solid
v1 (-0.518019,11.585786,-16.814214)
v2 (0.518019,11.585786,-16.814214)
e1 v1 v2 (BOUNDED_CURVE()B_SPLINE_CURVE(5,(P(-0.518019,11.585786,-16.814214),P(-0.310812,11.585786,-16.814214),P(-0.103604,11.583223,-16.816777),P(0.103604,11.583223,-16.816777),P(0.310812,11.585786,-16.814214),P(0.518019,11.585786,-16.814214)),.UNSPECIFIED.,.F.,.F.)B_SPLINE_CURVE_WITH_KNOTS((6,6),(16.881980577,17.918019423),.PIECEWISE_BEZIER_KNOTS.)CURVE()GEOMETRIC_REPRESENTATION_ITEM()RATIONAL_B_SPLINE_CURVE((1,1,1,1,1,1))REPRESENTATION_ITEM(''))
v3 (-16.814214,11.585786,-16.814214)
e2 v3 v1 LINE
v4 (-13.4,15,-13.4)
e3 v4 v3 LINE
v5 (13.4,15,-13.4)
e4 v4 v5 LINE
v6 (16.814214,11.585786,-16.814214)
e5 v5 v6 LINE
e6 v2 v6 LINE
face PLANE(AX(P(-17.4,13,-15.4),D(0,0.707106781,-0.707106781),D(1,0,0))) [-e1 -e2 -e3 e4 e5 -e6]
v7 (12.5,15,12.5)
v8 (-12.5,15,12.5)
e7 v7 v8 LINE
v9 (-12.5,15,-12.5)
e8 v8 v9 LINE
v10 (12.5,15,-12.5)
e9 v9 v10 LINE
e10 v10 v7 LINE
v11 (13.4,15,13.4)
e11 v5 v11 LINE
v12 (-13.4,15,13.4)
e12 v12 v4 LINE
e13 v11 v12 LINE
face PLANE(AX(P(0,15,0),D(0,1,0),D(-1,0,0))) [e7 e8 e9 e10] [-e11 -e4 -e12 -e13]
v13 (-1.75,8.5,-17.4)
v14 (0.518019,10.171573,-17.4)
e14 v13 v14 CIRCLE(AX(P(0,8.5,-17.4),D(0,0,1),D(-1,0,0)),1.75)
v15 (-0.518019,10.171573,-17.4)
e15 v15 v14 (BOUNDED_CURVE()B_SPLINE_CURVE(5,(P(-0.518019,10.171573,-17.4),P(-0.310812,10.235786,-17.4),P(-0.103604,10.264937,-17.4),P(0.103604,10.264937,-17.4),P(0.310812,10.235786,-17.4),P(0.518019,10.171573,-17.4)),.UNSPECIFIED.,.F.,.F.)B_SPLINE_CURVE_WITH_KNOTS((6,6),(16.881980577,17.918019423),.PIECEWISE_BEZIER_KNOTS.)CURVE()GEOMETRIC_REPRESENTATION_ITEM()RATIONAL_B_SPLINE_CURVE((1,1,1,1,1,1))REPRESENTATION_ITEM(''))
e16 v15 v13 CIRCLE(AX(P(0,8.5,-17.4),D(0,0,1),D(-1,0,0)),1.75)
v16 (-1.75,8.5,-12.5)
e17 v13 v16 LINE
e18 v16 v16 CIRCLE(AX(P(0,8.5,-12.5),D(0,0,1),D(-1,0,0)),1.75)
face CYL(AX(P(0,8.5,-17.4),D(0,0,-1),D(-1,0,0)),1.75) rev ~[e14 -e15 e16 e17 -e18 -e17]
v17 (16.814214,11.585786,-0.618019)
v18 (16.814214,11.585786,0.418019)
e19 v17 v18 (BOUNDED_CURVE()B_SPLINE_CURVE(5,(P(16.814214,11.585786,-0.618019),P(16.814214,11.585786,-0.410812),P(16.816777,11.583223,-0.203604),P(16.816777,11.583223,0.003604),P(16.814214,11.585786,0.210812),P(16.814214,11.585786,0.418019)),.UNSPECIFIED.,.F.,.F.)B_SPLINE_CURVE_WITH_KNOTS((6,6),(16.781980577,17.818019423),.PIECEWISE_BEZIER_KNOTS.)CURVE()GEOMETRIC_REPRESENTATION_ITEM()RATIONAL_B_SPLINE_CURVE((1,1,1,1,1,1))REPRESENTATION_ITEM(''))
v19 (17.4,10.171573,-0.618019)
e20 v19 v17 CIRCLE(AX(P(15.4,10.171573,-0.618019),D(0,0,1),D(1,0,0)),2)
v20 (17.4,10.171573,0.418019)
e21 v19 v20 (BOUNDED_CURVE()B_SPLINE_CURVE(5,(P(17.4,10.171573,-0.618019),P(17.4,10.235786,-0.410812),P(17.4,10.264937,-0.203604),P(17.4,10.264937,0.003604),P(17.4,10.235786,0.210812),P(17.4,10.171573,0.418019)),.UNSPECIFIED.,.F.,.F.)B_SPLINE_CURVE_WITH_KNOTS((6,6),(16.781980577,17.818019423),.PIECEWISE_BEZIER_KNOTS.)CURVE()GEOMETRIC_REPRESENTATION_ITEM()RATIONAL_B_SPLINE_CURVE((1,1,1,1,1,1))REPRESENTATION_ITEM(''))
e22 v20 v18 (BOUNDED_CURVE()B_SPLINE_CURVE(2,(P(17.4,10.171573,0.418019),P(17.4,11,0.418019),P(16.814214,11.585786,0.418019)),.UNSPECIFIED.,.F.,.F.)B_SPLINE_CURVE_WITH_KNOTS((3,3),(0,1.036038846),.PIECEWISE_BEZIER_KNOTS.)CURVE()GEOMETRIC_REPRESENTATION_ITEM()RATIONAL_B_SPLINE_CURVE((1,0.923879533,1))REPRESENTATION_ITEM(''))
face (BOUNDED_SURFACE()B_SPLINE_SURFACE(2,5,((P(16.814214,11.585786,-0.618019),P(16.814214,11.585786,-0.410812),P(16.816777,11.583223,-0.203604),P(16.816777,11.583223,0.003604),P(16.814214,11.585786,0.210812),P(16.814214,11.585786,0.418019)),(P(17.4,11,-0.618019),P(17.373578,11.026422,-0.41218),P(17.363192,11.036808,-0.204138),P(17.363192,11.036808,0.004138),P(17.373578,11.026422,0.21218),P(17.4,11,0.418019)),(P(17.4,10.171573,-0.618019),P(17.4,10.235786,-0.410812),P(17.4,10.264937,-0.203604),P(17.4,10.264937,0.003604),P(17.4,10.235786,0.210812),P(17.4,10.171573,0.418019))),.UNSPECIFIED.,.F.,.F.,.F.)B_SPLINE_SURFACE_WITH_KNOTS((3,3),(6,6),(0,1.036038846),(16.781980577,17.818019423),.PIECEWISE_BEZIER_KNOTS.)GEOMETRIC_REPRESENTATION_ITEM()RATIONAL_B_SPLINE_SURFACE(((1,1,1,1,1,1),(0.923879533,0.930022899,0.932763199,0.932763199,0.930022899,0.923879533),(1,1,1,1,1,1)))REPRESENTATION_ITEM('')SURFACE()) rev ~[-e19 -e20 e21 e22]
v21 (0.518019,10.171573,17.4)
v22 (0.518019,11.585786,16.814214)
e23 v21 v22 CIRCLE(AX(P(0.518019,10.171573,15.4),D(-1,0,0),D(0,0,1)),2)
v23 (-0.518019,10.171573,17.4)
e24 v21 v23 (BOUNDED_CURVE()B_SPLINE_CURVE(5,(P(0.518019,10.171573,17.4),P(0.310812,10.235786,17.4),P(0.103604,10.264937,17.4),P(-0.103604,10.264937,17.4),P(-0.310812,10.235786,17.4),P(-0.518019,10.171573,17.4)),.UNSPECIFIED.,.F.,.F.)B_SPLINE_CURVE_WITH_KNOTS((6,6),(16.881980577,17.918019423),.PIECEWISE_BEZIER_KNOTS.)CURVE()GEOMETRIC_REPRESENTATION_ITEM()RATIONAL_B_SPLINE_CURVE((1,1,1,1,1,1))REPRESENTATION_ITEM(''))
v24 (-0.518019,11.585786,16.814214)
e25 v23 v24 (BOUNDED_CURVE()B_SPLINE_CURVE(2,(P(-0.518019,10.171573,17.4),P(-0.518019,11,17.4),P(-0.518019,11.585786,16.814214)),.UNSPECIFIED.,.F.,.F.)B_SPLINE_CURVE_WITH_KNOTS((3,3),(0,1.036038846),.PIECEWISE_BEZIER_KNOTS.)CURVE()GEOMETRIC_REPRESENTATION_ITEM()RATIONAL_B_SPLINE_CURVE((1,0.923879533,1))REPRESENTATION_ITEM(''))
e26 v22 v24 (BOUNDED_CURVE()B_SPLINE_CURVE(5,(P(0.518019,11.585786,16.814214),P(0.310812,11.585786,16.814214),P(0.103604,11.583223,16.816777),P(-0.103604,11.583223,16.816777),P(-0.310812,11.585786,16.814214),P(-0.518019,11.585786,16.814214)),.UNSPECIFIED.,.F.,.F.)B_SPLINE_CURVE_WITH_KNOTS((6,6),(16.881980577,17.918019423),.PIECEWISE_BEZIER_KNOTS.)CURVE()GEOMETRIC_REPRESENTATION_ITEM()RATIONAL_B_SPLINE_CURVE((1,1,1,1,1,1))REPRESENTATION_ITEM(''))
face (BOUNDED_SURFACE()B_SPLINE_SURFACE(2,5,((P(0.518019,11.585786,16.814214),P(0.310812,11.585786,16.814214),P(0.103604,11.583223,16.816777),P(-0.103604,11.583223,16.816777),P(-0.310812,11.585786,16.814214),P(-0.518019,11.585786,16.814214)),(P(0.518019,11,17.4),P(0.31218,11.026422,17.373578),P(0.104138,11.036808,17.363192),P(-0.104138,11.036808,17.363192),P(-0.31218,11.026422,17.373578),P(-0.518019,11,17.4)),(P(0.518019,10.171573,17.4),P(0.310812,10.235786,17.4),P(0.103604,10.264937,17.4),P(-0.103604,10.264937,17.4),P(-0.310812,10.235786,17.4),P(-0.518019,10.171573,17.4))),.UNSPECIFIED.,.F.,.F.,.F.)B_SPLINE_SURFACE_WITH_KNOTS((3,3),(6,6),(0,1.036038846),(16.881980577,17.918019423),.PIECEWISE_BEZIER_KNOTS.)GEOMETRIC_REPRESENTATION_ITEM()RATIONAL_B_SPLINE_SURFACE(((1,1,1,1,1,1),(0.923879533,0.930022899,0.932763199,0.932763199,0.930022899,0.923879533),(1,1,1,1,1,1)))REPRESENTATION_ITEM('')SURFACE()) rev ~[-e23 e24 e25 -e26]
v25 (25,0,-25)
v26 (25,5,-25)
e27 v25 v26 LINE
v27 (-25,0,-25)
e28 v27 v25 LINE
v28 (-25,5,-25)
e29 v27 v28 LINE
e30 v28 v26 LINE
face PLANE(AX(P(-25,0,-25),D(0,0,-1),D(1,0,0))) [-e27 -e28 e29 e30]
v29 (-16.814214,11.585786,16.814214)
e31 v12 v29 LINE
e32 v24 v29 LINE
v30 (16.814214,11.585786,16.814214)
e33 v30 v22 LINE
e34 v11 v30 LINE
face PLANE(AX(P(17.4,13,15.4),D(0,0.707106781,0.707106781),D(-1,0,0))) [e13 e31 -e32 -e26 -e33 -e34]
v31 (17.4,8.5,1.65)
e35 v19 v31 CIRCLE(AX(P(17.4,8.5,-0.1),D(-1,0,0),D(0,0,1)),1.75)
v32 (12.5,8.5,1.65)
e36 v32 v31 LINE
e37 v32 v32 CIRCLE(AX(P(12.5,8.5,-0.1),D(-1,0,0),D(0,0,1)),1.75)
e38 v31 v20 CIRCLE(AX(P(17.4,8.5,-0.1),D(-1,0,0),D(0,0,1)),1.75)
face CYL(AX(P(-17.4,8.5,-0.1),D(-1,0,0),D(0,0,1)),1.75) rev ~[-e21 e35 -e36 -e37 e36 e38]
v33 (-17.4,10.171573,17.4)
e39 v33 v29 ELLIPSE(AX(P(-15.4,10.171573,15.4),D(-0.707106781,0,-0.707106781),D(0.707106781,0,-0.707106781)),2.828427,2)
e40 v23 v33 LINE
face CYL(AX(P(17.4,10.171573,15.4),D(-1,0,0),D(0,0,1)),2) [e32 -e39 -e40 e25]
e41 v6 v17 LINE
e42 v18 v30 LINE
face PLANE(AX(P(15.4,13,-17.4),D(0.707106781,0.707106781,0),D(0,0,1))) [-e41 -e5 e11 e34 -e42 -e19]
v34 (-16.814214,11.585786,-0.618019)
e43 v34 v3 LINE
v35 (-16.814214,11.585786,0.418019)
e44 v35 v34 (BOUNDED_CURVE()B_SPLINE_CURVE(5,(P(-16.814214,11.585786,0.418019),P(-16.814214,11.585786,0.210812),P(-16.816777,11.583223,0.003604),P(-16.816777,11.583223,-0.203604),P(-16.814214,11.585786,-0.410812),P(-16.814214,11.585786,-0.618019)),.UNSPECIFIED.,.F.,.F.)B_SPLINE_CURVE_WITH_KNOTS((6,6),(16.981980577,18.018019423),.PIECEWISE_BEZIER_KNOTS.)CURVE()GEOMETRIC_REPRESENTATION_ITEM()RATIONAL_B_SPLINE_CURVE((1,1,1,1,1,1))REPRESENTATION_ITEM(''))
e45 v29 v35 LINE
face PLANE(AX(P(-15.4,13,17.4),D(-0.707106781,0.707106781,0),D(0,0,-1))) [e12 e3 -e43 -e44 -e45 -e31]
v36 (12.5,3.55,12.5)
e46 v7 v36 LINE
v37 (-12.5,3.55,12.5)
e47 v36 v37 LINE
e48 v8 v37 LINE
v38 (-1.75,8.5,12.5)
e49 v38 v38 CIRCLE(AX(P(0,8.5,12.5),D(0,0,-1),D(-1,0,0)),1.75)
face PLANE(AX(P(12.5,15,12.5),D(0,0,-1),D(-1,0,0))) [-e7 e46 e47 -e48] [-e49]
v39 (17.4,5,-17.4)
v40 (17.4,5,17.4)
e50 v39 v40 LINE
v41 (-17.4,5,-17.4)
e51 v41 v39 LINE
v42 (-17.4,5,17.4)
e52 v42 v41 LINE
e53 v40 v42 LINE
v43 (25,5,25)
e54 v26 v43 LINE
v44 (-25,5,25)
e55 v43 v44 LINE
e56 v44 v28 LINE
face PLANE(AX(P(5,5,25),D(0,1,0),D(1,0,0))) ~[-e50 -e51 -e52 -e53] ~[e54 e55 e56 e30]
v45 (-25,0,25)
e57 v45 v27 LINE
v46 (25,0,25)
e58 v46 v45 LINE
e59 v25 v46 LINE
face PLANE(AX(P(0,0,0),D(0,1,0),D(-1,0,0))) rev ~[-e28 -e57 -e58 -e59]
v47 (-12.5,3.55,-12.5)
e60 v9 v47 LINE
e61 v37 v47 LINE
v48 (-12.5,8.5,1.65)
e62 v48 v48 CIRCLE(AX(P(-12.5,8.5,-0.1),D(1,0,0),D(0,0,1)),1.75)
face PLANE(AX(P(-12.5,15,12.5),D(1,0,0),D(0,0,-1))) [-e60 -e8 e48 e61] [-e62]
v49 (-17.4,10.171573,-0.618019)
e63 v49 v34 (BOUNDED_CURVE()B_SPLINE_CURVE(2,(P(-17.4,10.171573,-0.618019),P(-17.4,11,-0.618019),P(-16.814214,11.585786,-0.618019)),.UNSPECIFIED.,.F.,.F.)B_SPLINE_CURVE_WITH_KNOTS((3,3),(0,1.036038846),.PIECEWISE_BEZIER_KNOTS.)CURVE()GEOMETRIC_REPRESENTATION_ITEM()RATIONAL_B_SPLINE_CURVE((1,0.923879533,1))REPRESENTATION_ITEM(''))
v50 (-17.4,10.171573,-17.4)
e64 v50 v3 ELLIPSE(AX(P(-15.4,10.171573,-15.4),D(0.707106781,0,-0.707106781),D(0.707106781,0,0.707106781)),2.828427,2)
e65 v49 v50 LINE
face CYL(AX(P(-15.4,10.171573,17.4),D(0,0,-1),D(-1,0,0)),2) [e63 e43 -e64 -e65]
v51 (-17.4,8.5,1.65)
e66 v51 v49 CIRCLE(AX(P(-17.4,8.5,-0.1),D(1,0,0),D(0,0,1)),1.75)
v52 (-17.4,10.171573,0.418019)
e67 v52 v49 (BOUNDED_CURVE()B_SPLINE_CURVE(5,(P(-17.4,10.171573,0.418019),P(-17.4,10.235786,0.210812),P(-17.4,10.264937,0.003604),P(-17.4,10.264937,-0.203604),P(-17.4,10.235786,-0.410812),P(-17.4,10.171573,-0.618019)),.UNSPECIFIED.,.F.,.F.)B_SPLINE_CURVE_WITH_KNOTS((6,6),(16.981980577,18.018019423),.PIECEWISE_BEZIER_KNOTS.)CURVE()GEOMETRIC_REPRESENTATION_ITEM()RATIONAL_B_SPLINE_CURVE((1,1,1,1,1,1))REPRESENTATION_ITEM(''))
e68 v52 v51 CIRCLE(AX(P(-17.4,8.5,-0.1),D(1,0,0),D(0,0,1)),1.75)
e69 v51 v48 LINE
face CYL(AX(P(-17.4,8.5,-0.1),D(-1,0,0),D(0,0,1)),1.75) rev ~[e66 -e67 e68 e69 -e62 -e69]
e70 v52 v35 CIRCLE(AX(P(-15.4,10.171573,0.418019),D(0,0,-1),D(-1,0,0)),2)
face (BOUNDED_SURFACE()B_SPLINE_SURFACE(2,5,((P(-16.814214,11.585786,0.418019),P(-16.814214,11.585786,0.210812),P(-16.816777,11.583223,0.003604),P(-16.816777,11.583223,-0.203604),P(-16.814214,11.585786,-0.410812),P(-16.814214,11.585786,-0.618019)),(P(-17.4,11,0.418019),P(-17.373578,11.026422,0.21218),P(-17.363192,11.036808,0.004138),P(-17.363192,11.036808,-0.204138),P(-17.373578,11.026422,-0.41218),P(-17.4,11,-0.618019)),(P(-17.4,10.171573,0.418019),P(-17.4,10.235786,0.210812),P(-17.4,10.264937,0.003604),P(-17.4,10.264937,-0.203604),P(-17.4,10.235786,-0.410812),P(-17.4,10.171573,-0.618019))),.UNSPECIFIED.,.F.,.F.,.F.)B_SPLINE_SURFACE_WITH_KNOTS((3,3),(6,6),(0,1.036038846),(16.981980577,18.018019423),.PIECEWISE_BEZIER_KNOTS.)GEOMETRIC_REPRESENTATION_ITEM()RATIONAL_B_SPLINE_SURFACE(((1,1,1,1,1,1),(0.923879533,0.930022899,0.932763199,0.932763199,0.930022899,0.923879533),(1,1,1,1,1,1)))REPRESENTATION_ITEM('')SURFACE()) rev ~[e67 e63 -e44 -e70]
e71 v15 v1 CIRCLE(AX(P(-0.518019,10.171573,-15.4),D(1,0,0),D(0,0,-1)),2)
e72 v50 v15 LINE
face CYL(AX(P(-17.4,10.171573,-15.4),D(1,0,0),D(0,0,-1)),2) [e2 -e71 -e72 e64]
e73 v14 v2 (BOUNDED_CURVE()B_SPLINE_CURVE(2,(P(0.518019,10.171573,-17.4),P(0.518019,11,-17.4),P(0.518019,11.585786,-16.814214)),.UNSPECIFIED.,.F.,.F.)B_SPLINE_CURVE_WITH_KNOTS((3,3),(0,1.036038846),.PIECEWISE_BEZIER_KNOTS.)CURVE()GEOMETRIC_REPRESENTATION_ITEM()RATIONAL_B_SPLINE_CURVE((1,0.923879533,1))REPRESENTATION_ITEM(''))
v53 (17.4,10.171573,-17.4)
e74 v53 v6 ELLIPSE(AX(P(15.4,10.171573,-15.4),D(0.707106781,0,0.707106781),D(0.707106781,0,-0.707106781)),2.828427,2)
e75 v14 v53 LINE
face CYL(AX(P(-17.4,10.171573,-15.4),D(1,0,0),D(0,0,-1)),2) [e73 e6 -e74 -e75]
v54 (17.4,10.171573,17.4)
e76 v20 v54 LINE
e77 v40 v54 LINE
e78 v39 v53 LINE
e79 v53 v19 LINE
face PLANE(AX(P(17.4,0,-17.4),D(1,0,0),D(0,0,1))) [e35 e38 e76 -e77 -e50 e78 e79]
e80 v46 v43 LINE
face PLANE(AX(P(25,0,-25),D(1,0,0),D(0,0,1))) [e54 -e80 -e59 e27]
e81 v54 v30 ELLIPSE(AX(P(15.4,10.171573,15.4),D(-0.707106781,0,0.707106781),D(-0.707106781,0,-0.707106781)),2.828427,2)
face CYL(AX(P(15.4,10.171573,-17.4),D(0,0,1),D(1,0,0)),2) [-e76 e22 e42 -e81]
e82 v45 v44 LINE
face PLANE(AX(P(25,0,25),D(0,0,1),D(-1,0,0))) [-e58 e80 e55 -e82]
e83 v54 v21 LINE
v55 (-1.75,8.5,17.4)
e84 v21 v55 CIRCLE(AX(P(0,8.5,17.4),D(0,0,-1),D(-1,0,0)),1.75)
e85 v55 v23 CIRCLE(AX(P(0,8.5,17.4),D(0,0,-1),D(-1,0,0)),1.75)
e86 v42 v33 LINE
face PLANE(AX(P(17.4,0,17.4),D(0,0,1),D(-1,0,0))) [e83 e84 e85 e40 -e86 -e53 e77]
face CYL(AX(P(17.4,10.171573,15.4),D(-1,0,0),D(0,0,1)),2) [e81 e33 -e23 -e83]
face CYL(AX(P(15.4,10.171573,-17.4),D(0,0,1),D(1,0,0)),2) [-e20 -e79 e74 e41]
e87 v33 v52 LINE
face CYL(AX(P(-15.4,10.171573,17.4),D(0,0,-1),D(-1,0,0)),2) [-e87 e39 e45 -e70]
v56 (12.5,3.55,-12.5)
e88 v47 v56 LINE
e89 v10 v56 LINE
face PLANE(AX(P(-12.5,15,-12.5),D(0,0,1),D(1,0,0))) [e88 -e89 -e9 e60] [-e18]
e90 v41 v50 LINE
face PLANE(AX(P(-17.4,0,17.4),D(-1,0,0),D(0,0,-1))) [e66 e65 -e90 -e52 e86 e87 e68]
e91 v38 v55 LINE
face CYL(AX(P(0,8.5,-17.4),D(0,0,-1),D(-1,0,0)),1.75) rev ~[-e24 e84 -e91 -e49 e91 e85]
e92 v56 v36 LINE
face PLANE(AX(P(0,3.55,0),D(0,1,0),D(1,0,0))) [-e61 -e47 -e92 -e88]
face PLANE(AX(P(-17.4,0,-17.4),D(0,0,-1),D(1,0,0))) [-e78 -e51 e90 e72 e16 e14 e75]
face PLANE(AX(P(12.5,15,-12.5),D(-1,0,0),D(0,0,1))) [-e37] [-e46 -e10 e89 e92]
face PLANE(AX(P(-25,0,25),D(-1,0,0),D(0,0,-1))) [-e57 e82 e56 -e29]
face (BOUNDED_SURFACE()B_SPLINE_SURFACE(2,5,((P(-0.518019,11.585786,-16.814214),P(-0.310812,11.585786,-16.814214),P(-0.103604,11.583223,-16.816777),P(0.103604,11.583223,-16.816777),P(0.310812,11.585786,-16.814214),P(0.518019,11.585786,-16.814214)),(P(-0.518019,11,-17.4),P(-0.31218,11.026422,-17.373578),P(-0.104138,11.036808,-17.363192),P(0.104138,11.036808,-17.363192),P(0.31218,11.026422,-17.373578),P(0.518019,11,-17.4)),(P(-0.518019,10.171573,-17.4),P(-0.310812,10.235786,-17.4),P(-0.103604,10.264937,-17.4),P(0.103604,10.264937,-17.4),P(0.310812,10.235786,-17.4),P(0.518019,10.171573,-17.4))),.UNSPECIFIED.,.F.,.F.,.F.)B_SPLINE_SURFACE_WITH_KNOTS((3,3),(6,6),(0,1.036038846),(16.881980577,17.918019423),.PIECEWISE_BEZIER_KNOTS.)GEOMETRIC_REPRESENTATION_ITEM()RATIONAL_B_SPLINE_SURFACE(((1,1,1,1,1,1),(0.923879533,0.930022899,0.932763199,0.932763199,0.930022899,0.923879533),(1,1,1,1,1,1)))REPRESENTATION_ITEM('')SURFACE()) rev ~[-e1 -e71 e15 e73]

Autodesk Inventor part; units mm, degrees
ref_plane "YZ Plane" through (0, 0, 0) normal (1, 0, 0) x (0, 1, 0)
ref_plane "XZ Plane" through (0, 0, 0) normal (0, 1, 0) x (-1, 0, 0)
ref_plane "XY Plane" through (0, 0, 0) normal (0, 0, 1) x (1, 0, 0)
sketch "Sketch1" plane through (0, 0, 0) normal (0, 1, 0) x (-1, 0, 0)
  line L0 (-25, 25) -> (25, 25)
  line L1 (25, 25) -> (25, -25)
  line L2 (25, -25) -> (-25, -25)
  line L3 (-25, -25) -> (-25, 25)
  line L4 (-25, 25) -> (25, -25) construction
  line L5 (25, 25) -> (-25, -25) construction
  line L6 (-17.4, 17.4) -> (17.4, 17.4)
  line L7 (17.4, 17.4) -> (17.4, -17.4)
  line L8 (17.4, -17.4) -> (-17.4, -17.4)
  line L9 (-17.4, -17.4) -> (-17.4, 17.4)
  line L10 (-17.4, 17.4) -> (17.4, -17.4) construction
  line L11 (17.4, 17.4) -> (-17.4, -17.4) construction
  point P0 (0, 0)
  dimension "d0" = 50
  dimension "d1" = 50
  dimension "d2" = 34.8
  dimension "d3" = 34.8
extrude "Extrusion1" add sketch "Sketch1" along normal blind 5
extrude "Extrusion2" add sketch "Sketch1" along normal blind 15 contours L6 L7 L8 L9
sketch "Sketch3" plane through (0, 15, 0) normal (0, 1, 0) x (1, 0, 0)
  point P0 (0, 0)
ref_plane "Work Plane6" through (0, 5, 17.4) normal (-1, 0, 0) x (0, 0, 1)
ref_plane "Work Plane7" through (-17.4, 5, 0) normal (0, 0, 1) x (1, 0, 0)
sketch "Sketch6" plane through (0, 0, 0) normal (0, -1, 0) x (1, 0, 0)
  line L0 (-25, 25) -> (25, 25) projected
  line L1 (-5, -25) -> (5, -25)
  line L2 (5, -25) -> (5, 25)
  line L3 (5, 25) -> (-5, 25)
  line L4 (-5, 25) -> (-5, -25)
  line L5 (-5, -25) -> (5, 25) construction
  line L6 (5, -25) -> (-5, 25) construction
  line L7 (25, 25) -> (25, -25) projected
  line L8 (-25, -5) -> (25, -5)
  line L9 (25, -5) -> (25, 5)
  line L10 (25, 5) -> (-25, 5)
  line L11 (-25, 5) -> (-25, -5)
  line L12 (-25, -5) -> (25, 5) construction
  line L13 (25, -5) -> (-25, 5) construction
  point P0 (0, 0)
  point P1 (-5, -5)
  point P2 (5, -5)
  point P3 (5, 5)
  point P4 (-5, 5)
  dimension "d14" = 10
extrude "Extrusion5" add sketch "Sketch6" along normal blind 2 contours L0 L2 L10 L4 | L10 L2 L8 L4 | L4 L8 L11 L10 | L10 L7 L8 L2 | L8 L2 L1 L4
sketch "Sketch7" plane through (-25, 0, 25) normal (-1, 0, 0) x (0, 0, 1)
  line L0 (-20, -2) -> (-30, -2) projected
  line L1 (-7.6, 5) -> (-42.4, 5) projected
  line L2 (-20, -2) -> (-30, -2)
  line L3 (-30, -2) -> (-30, 5)
  line L4 (-30, 5) -> (-20, 5)
  line L5 (-20, 5) -> (-20, -2)
  point P0 (-25, 0)
  dimension "d17" = 10
extrude "Extrusion6" add sketch "Sketch7" along normal blind 2
mirror "Mirror4" about plane through (0, 5, 17.4) normal (-1, 0, 0) of "Extrusion6"
sketch "Sketch8" plane through (25, 5, -25) normal (0, 0, -1) x (-1, 0, 0)
  line L0 (30, -7) -> (20, -7) projected
  line L1 (0, 0) -> (50, 0) projected
  line L2 (20, -7) -> (30, -7)
  line L3 (30, -7) -> (30, 0)
  line L4 (30, 0) -> (20, 0)
  line L5 (20, 0) -> (20, -7)
  point P0 (25, -5)
  dimension "d20" = 10
extrude "Extrusion7" add sketch "Sketch8" along normal blind 2
mirror "Mirror5" about plane through (-17.4, 5, 0) normal (0, 0, 1) of "Extrusion7"
sketch "Sketch9" plane through (0, 0, 0) normal (0, -1, 0) x (1, 0, 0)
  line L0 (-27, 27) -> (27, 27)
  line L1 (27, 27) -> (27, -27)
  line L2 (27, -27) -> (-27, -27)
  line L3 (-27, -27) -> (-27, 27)
  line L4 (-27, 27) -> (27, -27) construction
  line L5 (27, 27) -> (-27, -27) construction
  point P0 (0, 0)
  dimension "d24" = 54
  dimension "d25" = 54
extrude "Extrusion8" cut sketch "Sketch9" along normal blind 6.75
sketch "Sketch10" plane through (0, 15, 0) normal (0, 1, 0) x (1, 0, 0)
  line L0 (12.5, -12.5) -> (-12.5, -12.5)
  line L1 (-12.5, -12.5) -> (-12.5, 12.5)
  line L2 (-12.5, 12.5) -> (12.5, 12.5)
  line L3 (12.5, 12.5) -> (12.5, -12.5)
  line L4 (12.5, -12.5) -> (-12.5, 12.5) construction
  line L5 (-12.5, -12.5) -> (12.5, 12.5) construction
  point P0 (0, 0)
  dimension "d28" = 25
  dimension "d29" = 25
extrude "Extrusion9" cut sketch "Sketch10" against normal blind 11.45
sketch "Sketch11" plane through (-17.4, 5, 17.4) normal (-1, 0, 0) x (0, 0, 1)
  line L0 (-17.5, 0.0162) -> (-17.5, 3.5)
  circle A0 centre (-17.5, 3.5) radius 1.75
  line L1 (0, 0) -> (-34.8, 0) projected
  line L2 (-17.4, 0) -> (-18.8366, 0)
  point P0 (-17.4, -5)
  dimension "d34" = 3.5
  dimension "d57" = 3.5
extrude "Extrusion10" cut sketch "Sketch11" against normal through all
sketch "Sketch14" plane through (27, 0, -5) normal (1, 0, 0) x (0, 0, -1)
  line L0 (12.4, 5) -> (-22.4, 5) projected
  line L1 (-15, 0) -> (5, 0)
  line L2 (5, 0) -> (5, 5)
  line L3 (5, 5) -> (-15, 5)
  line L4 (-15, 5) -> (-15, 0)
  line L5 (-15, 0) -> (5, 5) construction
  line L6 (5, 0) -> (-15, 5) construction
  point P0 (-5, 0)
  point P1 (-5, 2.5)
  dimension "d43" = 20
extrude "Extrusion13" cut sketch "Sketch14" against normal blind 2
pattern_circular "Circular Pattern1" count 4 over 360 about axis through (0, -10, 0) along (0, 1, 0) of "Extrusion13"
sketch "Sketch15" plane through (17.4, 5, -17.4) normal (0, 0, -1) x (-1, 0, 0)
  line L0 (42.4, 0) -> (-7.6, 0) projected
  line L1 (17.4, 0) -> (17.4, 3.5)
  circle A0 centre (17.4, 3.5) radius 1.75
  point P0 (17.4, -5)
  point P1 (27.4, 0)
  point P2 (7.4, 0)
  dimension "d49" = 3.5
  dimension "d50" = 3.5
extrude "Extrusion14" cut sketch "Sketch15" against normal through all
chamfer "Chamfer1" distance 4 distance2 4 4 edges at (0, 15, -17.4) (-17.4, 15, 0) (0, 15, 17.4) (17.4, 15, 0) measured on face at (15.7667, 15, 4.1667)
fillet "Fillet1" radius 2 4 edges at (0, 11, -17.4) (-17.4, 11, 0) (0, 11, 17.4) (17.4, 11, 0)
properties part number "Pokrywka"
